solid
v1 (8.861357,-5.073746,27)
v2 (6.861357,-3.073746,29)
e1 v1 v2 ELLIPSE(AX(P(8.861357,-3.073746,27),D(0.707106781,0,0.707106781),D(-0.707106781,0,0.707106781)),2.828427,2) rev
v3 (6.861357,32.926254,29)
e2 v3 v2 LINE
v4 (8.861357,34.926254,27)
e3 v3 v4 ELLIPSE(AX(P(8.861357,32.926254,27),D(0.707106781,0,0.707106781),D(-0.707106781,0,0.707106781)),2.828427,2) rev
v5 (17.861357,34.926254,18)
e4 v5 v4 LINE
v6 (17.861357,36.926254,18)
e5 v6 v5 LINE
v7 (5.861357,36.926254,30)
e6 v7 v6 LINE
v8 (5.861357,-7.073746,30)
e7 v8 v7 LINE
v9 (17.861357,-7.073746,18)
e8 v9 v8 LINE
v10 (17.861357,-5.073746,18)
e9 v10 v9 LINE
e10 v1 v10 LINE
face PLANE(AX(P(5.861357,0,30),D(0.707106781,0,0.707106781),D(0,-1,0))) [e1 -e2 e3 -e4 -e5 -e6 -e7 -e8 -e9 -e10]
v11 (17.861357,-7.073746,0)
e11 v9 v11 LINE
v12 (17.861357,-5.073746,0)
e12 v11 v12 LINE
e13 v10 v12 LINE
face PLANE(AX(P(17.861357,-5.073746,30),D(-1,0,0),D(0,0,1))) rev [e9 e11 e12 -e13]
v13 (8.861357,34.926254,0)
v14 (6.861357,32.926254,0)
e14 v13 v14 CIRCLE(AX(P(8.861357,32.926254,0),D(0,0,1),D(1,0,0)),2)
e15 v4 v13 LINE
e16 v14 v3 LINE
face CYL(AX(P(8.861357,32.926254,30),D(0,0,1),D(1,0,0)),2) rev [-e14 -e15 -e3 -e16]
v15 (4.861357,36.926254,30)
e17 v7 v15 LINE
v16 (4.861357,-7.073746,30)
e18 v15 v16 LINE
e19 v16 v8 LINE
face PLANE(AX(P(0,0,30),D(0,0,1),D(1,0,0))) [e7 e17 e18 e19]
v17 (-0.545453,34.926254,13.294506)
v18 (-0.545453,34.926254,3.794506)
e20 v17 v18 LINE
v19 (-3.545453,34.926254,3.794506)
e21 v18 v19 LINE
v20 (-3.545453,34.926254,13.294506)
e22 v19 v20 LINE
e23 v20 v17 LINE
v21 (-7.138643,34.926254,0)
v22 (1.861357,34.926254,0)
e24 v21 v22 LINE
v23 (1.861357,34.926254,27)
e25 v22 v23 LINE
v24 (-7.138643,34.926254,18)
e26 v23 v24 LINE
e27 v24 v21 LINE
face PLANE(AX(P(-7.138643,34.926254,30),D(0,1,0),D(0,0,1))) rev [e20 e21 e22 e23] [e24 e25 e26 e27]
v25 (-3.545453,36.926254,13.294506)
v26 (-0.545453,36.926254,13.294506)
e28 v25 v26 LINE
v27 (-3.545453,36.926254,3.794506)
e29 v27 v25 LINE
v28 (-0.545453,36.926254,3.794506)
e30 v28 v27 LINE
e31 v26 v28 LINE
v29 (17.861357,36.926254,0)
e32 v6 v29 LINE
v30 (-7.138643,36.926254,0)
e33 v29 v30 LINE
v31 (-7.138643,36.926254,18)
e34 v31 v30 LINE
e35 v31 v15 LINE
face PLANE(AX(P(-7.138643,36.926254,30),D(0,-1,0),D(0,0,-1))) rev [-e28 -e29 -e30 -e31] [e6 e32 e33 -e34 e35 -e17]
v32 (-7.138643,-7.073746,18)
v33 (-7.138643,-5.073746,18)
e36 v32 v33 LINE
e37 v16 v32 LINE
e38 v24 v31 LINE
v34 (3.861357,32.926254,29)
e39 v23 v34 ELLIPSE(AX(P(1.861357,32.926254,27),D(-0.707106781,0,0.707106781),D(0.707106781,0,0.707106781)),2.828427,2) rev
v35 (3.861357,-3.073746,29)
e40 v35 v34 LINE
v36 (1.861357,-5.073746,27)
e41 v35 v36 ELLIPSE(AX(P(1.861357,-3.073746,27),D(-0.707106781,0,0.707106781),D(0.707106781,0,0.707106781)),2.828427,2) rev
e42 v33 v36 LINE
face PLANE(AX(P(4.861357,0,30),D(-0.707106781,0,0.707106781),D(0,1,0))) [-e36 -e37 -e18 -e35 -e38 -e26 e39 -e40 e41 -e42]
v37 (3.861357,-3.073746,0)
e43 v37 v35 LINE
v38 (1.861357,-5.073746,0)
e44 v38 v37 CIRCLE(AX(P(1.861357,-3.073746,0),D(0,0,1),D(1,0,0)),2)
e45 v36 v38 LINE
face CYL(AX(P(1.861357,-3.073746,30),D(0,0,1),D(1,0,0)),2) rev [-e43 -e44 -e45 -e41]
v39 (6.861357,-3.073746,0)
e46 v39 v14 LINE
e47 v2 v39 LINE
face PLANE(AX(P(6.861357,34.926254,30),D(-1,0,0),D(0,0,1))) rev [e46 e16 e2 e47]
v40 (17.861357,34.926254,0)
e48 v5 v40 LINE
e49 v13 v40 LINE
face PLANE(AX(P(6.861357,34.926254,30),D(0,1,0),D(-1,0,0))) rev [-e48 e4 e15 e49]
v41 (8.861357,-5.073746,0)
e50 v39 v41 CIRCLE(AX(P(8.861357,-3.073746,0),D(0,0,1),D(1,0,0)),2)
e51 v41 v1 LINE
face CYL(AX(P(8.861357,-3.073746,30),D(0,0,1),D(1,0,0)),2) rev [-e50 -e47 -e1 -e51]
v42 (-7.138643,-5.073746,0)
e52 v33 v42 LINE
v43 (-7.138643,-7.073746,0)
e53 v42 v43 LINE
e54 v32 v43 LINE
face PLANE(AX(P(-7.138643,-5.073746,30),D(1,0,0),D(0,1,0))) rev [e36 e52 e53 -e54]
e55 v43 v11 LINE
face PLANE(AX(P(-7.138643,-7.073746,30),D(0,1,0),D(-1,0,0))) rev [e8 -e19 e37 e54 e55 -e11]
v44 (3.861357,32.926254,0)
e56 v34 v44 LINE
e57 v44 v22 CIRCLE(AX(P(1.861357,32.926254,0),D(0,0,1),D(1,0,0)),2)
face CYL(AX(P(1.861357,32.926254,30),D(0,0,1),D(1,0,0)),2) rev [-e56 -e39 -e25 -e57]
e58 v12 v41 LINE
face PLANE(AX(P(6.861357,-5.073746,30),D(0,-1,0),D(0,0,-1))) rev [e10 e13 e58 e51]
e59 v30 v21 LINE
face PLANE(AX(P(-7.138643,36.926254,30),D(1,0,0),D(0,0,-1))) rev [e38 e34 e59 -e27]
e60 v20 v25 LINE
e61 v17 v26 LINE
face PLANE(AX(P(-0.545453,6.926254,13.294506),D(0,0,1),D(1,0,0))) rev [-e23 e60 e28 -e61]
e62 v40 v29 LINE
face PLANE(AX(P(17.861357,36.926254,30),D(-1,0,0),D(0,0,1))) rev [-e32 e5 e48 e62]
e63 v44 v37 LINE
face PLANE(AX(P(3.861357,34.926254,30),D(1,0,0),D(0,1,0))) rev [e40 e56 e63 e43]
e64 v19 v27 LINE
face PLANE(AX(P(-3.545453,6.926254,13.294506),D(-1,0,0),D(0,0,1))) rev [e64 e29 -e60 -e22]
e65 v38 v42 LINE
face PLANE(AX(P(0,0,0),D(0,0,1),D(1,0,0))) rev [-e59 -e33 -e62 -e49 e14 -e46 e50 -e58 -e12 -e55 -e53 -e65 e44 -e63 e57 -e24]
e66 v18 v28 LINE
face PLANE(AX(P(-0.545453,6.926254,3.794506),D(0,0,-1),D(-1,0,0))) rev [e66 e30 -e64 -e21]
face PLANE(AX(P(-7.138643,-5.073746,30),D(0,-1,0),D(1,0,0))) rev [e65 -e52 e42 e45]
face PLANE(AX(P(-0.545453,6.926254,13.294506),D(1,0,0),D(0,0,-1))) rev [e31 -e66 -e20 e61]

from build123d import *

# Parameters (mm, degrees)
BOSS_EXTRUDE1_DEPTH = 30
CHAMFER1_SIZE       = 12
FILLET1_R           = 2
SKETCH2_W           = 3
SKETCH2_H           = 9.5
CUT_EXTRUDE1_DEPTH  = 30


with BuildPart() as part:
    # Sketch1 → Boss-Extrude1 (new body)
    with BuildSketch(Plane.XY):
        Polygon((6.861356932, 34.926253687), (17.861356932, 34.926253687), (17.861356932, 36.926253687), (-7.138643068, 36.926253687), (-7.138643068, 34.926253687), (3.861356932, 34.926253687), (3.861356932, -5.073746313), (-7.138643068, -5.073746313), (-7.138643068, -7.073746313), (17.861356932, -7.073746313), (17.861356932, -5.073746313), (6.861356932, -5.073746313), align=None)
    extrude(amount=BOSS_EXTRUDE1_DEPTH)

    # Chamfer1
    chamfer1_edges = [part.edges().sort_by_distance(p)[0] for p in [
        (-7.138643068, 35.926253687, 30),
        (17.861356932, 35.926253687, 30),
    ]]
    chamfer(chamfer1_edges, length=CHAMFER1_SIZE)

    # Fillet1
    fillet1_edges = [part.edges().sort_by_distance(p)[0] for p in [
        (3.861356932, -5.073746313, 14.5),
        (3.861356932, 34.926253687, 14.5),
        (6.861356932, 34.926253687, 14.5),
        (6.861356932, -5.073746313, 14.5),
    ]]
    fillet(fillet1_edges, radius=FILLET1_R)

    # Sketch2 → Cut-Extrude1 (cut)
    with BuildSketch(Plane(origin=(0, 36.926253687, 0), x_dir=(1, 0, 0), z_dir=(0, 1, 0))):
        with Locations((-2.045453442, -8.544505852)):
            Rectangle(SKETCH2_W, SKETCH2_H)
    extrude(amount=-CUT_EXTRUDE1_DEPTH, mode=Mode.SUBTRACT)


solid = part.part
